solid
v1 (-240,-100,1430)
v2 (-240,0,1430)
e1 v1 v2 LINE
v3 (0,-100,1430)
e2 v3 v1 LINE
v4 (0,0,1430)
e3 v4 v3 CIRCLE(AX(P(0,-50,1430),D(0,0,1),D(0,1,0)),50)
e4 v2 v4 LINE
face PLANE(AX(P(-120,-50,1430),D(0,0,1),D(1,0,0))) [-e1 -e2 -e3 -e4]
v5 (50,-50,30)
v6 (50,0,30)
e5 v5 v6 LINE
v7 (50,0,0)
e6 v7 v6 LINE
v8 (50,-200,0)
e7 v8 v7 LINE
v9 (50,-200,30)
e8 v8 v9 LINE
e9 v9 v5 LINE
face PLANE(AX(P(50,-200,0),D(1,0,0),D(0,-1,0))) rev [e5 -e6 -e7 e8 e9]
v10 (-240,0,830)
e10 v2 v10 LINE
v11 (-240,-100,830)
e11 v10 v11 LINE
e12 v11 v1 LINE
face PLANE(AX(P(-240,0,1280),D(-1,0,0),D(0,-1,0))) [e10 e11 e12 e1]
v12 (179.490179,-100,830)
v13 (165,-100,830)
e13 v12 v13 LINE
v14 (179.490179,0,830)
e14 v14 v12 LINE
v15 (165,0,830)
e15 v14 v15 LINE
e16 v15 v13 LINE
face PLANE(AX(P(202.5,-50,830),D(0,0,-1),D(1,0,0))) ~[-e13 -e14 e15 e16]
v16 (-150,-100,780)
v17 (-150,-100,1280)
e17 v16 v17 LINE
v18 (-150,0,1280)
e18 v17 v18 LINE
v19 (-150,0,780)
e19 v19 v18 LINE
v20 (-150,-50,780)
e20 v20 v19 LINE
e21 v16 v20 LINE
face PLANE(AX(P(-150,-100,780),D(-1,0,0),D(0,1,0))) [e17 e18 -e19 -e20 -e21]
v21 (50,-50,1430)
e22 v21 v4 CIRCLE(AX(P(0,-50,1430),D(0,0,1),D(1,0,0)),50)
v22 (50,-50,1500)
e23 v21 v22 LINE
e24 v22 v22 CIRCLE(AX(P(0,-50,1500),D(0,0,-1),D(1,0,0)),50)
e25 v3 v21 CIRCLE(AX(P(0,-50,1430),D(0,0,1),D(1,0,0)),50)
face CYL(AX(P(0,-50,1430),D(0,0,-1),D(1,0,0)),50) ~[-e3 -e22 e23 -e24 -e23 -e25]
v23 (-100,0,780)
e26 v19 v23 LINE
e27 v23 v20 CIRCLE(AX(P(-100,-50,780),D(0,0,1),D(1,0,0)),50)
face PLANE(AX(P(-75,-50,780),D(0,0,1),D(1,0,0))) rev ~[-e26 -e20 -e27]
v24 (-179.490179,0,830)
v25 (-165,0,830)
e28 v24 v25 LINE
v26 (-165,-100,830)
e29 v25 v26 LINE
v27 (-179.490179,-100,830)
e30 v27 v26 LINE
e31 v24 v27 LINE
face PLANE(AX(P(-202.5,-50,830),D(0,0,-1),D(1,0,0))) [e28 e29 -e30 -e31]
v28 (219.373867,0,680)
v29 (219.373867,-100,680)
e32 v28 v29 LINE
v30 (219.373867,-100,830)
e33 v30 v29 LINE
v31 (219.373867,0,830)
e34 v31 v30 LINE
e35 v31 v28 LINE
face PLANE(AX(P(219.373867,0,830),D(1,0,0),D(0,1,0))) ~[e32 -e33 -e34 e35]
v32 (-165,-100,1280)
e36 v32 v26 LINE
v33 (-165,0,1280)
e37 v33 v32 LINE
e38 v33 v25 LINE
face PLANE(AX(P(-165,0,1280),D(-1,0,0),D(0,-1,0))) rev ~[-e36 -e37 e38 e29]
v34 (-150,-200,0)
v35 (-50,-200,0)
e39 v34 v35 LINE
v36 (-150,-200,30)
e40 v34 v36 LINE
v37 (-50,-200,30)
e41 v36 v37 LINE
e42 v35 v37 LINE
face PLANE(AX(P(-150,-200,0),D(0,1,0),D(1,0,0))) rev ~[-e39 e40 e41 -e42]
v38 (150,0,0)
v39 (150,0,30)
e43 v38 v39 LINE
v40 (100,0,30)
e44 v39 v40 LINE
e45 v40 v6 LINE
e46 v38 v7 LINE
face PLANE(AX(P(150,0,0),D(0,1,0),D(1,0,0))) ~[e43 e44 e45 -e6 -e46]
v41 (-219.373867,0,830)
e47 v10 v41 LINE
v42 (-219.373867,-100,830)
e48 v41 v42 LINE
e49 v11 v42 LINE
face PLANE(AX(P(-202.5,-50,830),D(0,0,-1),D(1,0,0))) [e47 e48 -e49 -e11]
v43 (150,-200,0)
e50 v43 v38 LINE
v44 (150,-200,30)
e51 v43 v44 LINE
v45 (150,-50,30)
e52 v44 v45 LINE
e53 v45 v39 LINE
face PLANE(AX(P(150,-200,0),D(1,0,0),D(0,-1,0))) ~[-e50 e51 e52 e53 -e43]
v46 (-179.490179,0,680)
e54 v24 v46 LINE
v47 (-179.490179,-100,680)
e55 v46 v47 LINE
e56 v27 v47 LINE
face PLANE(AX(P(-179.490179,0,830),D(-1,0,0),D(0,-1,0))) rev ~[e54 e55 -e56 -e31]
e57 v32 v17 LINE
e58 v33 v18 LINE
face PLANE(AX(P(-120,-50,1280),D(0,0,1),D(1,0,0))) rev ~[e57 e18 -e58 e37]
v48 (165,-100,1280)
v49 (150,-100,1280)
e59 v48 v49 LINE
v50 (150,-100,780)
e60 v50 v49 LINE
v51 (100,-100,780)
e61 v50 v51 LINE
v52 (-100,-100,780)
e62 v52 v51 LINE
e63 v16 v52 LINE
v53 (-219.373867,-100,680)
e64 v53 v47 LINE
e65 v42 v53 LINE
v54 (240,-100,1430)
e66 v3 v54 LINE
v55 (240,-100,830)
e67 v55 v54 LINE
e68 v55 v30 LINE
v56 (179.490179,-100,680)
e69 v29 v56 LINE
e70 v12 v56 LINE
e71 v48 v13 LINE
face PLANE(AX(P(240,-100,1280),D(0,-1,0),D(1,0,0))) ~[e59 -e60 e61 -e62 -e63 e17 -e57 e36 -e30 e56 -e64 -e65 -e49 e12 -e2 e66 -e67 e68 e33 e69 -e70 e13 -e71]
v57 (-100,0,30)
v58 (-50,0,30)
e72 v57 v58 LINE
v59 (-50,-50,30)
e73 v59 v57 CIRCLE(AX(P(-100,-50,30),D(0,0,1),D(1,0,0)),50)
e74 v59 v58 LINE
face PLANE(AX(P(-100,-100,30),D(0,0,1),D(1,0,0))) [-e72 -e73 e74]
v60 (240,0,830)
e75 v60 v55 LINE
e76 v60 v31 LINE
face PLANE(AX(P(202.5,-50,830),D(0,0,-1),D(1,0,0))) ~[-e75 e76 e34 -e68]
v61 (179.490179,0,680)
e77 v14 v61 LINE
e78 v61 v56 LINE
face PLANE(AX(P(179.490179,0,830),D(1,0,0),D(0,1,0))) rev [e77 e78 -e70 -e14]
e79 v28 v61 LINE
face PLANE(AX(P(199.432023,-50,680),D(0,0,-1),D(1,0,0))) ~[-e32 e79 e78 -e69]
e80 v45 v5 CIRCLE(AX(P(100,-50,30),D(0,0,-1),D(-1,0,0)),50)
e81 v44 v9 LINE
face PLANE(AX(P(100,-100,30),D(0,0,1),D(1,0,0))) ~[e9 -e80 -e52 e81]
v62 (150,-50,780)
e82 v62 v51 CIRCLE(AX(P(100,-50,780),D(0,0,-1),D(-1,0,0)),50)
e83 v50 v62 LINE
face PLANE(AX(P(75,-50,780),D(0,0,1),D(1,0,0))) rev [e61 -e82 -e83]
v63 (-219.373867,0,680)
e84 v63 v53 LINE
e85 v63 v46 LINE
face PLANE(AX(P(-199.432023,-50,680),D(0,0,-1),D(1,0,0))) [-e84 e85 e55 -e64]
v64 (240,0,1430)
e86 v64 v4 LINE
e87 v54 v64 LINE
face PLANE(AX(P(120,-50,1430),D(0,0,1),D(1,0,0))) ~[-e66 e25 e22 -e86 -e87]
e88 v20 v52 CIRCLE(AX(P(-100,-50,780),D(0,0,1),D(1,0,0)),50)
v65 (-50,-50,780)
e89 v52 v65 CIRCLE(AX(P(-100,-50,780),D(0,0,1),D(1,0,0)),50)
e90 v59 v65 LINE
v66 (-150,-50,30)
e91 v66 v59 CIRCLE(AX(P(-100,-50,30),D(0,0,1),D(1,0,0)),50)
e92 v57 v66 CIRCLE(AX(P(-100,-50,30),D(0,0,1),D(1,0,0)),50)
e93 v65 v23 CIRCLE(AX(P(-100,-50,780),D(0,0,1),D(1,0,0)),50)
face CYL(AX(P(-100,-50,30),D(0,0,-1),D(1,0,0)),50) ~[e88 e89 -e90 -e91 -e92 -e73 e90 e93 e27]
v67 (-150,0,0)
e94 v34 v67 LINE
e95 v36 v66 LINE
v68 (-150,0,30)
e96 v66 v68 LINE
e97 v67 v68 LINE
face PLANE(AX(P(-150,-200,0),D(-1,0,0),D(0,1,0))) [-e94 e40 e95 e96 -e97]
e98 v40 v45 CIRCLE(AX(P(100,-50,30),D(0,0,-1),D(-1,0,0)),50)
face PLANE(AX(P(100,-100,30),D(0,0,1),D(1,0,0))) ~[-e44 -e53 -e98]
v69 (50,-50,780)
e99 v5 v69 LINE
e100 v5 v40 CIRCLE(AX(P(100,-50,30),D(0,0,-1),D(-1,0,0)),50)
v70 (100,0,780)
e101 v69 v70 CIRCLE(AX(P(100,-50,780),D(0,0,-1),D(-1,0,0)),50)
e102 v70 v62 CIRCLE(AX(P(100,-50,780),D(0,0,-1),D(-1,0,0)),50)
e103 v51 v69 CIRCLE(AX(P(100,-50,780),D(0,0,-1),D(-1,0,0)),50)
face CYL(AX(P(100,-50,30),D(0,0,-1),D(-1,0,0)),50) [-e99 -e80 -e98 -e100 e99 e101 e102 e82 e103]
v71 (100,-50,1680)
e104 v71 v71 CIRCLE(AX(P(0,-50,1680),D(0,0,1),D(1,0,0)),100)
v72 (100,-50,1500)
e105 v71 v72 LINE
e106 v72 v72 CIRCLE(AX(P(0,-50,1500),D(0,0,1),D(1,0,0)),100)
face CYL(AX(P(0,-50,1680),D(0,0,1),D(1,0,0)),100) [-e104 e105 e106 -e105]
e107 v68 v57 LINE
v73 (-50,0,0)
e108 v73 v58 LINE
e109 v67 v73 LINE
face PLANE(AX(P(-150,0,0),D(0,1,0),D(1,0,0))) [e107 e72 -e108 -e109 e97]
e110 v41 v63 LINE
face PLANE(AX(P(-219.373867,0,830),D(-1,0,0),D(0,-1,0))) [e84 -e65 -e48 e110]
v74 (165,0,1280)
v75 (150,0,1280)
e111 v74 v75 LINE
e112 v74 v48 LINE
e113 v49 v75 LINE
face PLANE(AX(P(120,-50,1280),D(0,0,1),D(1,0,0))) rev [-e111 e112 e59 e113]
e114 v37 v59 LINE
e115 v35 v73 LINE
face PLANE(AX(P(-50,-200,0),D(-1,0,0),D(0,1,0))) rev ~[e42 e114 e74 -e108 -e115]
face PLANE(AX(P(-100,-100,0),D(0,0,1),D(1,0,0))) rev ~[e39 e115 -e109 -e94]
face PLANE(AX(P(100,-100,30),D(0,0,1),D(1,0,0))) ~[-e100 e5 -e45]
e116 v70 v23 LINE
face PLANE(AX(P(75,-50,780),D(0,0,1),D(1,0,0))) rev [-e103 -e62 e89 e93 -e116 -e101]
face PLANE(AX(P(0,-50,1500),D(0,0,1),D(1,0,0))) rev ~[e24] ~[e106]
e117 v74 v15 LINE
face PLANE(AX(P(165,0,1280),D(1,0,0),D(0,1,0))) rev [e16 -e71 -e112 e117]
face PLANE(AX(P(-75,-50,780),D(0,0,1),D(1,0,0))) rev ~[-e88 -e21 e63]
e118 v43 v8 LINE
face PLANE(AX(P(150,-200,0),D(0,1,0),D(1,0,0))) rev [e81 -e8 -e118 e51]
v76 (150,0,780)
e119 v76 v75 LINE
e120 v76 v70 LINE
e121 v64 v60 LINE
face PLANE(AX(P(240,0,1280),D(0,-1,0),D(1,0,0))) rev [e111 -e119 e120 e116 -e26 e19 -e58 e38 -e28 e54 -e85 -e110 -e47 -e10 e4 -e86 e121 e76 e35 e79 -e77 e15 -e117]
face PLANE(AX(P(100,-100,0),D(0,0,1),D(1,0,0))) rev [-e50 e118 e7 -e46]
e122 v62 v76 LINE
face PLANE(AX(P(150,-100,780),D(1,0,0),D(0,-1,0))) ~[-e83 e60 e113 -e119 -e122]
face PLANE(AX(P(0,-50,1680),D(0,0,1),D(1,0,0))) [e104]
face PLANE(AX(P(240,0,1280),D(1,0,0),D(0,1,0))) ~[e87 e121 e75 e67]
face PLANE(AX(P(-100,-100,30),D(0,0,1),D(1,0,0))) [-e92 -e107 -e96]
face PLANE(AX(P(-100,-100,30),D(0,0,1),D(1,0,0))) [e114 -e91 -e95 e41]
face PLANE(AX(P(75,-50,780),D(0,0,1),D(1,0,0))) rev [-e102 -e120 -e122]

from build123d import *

# Parameters (mm, degrees)
F0_W      = 100
F0_H      = 200
F1_DEPTH  = 30
F2_R      = 50
F3_DEPTH  = 750
F4_W      = 150
F4_H      = 100
F5_DEPTH  = 650
F6_R      = 50
F7_DEPTH  = 250
F8_W      = 240
F8_H      = 100
F9_DEPTH  = 150
F10_W     = 75
F10_H     = 100
F11_DEPTH = 450
F12_W     = 39.883688
F12_H     = 100
F13_DEPTH = 150
F15_R     = 100
F16_DEPTH = 180


with BuildPart() as f1:
    # F0 (on Top) → F1 (new body)
    with BuildSketch(Plane.XY):
        with Locations((-100, -100)):
            Rectangle(F0_W, F0_H)
    extrude(amount=F1_DEPTH)

    # F2 (on face) → F3 (join)
    with BuildSketch(Plane.XY.offset(30)):
        with Locations((-100, -50)):
            Circle(F2_R)
    extrude(amount=F3_DEPTH)

    # F4 (on face) → F5 (join)
    with BuildSketch(Plane.XY.offset(780)):
        with Locations((-75, -50)):
            Rectangle(F4_W, F4_H)
    extrude(amount=F5_DEPTH)

    # F6 (on face) → F7 (join)
    with BuildSketch(Plane.XY.offset(1430)):
        with Locations((0, -50)):
            Circle(F6_R)
    extrude(amount=F7_DEPTH)

    # F8 (on face) → F9 (join)
    with BuildSketch(Plane.XY.offset(1430)):
        with Locations((-120, -50)):
            Rectangle(F8_W, F8_H)
    extrude(amount=-F9_DEPTH)

    # F10 (on face) → F11 (join)
    with BuildSketch(Plane(origin=(0, 0, 1280), x_dir=(1, 0, 0), z_dir=(0, 0, -1))):
        with Locations((-202.5, 50)):
            Rectangle(F10_W, F10_H)
    extrude(amount=F11_DEPTH)

    # F12 (on face) → F13 (join)
    with BuildSketch(Plane(origin=(0, 0, 830), x_dir=(1, 0, 0), z_dir=(0, 0, -1))):
        with Locations((-199.432023, 50)):
            Rectangle(F12_W, F12_H)
    extrude(amount=F13_DEPTH)

    # F14: F1 across plane


with BuildPart() as f1_1:
    add(f1.part)
    add(f1.part.mirror(Plane.YZ))

    # F15 (on face) → F16 (join)
    with BuildSketch(Plane.XY.offset(1680)):
        with Locations((0, -50)):
            Circle(F15_R)
    extrude(amount=-F16_DEPTH)


solid = f1_1.part
